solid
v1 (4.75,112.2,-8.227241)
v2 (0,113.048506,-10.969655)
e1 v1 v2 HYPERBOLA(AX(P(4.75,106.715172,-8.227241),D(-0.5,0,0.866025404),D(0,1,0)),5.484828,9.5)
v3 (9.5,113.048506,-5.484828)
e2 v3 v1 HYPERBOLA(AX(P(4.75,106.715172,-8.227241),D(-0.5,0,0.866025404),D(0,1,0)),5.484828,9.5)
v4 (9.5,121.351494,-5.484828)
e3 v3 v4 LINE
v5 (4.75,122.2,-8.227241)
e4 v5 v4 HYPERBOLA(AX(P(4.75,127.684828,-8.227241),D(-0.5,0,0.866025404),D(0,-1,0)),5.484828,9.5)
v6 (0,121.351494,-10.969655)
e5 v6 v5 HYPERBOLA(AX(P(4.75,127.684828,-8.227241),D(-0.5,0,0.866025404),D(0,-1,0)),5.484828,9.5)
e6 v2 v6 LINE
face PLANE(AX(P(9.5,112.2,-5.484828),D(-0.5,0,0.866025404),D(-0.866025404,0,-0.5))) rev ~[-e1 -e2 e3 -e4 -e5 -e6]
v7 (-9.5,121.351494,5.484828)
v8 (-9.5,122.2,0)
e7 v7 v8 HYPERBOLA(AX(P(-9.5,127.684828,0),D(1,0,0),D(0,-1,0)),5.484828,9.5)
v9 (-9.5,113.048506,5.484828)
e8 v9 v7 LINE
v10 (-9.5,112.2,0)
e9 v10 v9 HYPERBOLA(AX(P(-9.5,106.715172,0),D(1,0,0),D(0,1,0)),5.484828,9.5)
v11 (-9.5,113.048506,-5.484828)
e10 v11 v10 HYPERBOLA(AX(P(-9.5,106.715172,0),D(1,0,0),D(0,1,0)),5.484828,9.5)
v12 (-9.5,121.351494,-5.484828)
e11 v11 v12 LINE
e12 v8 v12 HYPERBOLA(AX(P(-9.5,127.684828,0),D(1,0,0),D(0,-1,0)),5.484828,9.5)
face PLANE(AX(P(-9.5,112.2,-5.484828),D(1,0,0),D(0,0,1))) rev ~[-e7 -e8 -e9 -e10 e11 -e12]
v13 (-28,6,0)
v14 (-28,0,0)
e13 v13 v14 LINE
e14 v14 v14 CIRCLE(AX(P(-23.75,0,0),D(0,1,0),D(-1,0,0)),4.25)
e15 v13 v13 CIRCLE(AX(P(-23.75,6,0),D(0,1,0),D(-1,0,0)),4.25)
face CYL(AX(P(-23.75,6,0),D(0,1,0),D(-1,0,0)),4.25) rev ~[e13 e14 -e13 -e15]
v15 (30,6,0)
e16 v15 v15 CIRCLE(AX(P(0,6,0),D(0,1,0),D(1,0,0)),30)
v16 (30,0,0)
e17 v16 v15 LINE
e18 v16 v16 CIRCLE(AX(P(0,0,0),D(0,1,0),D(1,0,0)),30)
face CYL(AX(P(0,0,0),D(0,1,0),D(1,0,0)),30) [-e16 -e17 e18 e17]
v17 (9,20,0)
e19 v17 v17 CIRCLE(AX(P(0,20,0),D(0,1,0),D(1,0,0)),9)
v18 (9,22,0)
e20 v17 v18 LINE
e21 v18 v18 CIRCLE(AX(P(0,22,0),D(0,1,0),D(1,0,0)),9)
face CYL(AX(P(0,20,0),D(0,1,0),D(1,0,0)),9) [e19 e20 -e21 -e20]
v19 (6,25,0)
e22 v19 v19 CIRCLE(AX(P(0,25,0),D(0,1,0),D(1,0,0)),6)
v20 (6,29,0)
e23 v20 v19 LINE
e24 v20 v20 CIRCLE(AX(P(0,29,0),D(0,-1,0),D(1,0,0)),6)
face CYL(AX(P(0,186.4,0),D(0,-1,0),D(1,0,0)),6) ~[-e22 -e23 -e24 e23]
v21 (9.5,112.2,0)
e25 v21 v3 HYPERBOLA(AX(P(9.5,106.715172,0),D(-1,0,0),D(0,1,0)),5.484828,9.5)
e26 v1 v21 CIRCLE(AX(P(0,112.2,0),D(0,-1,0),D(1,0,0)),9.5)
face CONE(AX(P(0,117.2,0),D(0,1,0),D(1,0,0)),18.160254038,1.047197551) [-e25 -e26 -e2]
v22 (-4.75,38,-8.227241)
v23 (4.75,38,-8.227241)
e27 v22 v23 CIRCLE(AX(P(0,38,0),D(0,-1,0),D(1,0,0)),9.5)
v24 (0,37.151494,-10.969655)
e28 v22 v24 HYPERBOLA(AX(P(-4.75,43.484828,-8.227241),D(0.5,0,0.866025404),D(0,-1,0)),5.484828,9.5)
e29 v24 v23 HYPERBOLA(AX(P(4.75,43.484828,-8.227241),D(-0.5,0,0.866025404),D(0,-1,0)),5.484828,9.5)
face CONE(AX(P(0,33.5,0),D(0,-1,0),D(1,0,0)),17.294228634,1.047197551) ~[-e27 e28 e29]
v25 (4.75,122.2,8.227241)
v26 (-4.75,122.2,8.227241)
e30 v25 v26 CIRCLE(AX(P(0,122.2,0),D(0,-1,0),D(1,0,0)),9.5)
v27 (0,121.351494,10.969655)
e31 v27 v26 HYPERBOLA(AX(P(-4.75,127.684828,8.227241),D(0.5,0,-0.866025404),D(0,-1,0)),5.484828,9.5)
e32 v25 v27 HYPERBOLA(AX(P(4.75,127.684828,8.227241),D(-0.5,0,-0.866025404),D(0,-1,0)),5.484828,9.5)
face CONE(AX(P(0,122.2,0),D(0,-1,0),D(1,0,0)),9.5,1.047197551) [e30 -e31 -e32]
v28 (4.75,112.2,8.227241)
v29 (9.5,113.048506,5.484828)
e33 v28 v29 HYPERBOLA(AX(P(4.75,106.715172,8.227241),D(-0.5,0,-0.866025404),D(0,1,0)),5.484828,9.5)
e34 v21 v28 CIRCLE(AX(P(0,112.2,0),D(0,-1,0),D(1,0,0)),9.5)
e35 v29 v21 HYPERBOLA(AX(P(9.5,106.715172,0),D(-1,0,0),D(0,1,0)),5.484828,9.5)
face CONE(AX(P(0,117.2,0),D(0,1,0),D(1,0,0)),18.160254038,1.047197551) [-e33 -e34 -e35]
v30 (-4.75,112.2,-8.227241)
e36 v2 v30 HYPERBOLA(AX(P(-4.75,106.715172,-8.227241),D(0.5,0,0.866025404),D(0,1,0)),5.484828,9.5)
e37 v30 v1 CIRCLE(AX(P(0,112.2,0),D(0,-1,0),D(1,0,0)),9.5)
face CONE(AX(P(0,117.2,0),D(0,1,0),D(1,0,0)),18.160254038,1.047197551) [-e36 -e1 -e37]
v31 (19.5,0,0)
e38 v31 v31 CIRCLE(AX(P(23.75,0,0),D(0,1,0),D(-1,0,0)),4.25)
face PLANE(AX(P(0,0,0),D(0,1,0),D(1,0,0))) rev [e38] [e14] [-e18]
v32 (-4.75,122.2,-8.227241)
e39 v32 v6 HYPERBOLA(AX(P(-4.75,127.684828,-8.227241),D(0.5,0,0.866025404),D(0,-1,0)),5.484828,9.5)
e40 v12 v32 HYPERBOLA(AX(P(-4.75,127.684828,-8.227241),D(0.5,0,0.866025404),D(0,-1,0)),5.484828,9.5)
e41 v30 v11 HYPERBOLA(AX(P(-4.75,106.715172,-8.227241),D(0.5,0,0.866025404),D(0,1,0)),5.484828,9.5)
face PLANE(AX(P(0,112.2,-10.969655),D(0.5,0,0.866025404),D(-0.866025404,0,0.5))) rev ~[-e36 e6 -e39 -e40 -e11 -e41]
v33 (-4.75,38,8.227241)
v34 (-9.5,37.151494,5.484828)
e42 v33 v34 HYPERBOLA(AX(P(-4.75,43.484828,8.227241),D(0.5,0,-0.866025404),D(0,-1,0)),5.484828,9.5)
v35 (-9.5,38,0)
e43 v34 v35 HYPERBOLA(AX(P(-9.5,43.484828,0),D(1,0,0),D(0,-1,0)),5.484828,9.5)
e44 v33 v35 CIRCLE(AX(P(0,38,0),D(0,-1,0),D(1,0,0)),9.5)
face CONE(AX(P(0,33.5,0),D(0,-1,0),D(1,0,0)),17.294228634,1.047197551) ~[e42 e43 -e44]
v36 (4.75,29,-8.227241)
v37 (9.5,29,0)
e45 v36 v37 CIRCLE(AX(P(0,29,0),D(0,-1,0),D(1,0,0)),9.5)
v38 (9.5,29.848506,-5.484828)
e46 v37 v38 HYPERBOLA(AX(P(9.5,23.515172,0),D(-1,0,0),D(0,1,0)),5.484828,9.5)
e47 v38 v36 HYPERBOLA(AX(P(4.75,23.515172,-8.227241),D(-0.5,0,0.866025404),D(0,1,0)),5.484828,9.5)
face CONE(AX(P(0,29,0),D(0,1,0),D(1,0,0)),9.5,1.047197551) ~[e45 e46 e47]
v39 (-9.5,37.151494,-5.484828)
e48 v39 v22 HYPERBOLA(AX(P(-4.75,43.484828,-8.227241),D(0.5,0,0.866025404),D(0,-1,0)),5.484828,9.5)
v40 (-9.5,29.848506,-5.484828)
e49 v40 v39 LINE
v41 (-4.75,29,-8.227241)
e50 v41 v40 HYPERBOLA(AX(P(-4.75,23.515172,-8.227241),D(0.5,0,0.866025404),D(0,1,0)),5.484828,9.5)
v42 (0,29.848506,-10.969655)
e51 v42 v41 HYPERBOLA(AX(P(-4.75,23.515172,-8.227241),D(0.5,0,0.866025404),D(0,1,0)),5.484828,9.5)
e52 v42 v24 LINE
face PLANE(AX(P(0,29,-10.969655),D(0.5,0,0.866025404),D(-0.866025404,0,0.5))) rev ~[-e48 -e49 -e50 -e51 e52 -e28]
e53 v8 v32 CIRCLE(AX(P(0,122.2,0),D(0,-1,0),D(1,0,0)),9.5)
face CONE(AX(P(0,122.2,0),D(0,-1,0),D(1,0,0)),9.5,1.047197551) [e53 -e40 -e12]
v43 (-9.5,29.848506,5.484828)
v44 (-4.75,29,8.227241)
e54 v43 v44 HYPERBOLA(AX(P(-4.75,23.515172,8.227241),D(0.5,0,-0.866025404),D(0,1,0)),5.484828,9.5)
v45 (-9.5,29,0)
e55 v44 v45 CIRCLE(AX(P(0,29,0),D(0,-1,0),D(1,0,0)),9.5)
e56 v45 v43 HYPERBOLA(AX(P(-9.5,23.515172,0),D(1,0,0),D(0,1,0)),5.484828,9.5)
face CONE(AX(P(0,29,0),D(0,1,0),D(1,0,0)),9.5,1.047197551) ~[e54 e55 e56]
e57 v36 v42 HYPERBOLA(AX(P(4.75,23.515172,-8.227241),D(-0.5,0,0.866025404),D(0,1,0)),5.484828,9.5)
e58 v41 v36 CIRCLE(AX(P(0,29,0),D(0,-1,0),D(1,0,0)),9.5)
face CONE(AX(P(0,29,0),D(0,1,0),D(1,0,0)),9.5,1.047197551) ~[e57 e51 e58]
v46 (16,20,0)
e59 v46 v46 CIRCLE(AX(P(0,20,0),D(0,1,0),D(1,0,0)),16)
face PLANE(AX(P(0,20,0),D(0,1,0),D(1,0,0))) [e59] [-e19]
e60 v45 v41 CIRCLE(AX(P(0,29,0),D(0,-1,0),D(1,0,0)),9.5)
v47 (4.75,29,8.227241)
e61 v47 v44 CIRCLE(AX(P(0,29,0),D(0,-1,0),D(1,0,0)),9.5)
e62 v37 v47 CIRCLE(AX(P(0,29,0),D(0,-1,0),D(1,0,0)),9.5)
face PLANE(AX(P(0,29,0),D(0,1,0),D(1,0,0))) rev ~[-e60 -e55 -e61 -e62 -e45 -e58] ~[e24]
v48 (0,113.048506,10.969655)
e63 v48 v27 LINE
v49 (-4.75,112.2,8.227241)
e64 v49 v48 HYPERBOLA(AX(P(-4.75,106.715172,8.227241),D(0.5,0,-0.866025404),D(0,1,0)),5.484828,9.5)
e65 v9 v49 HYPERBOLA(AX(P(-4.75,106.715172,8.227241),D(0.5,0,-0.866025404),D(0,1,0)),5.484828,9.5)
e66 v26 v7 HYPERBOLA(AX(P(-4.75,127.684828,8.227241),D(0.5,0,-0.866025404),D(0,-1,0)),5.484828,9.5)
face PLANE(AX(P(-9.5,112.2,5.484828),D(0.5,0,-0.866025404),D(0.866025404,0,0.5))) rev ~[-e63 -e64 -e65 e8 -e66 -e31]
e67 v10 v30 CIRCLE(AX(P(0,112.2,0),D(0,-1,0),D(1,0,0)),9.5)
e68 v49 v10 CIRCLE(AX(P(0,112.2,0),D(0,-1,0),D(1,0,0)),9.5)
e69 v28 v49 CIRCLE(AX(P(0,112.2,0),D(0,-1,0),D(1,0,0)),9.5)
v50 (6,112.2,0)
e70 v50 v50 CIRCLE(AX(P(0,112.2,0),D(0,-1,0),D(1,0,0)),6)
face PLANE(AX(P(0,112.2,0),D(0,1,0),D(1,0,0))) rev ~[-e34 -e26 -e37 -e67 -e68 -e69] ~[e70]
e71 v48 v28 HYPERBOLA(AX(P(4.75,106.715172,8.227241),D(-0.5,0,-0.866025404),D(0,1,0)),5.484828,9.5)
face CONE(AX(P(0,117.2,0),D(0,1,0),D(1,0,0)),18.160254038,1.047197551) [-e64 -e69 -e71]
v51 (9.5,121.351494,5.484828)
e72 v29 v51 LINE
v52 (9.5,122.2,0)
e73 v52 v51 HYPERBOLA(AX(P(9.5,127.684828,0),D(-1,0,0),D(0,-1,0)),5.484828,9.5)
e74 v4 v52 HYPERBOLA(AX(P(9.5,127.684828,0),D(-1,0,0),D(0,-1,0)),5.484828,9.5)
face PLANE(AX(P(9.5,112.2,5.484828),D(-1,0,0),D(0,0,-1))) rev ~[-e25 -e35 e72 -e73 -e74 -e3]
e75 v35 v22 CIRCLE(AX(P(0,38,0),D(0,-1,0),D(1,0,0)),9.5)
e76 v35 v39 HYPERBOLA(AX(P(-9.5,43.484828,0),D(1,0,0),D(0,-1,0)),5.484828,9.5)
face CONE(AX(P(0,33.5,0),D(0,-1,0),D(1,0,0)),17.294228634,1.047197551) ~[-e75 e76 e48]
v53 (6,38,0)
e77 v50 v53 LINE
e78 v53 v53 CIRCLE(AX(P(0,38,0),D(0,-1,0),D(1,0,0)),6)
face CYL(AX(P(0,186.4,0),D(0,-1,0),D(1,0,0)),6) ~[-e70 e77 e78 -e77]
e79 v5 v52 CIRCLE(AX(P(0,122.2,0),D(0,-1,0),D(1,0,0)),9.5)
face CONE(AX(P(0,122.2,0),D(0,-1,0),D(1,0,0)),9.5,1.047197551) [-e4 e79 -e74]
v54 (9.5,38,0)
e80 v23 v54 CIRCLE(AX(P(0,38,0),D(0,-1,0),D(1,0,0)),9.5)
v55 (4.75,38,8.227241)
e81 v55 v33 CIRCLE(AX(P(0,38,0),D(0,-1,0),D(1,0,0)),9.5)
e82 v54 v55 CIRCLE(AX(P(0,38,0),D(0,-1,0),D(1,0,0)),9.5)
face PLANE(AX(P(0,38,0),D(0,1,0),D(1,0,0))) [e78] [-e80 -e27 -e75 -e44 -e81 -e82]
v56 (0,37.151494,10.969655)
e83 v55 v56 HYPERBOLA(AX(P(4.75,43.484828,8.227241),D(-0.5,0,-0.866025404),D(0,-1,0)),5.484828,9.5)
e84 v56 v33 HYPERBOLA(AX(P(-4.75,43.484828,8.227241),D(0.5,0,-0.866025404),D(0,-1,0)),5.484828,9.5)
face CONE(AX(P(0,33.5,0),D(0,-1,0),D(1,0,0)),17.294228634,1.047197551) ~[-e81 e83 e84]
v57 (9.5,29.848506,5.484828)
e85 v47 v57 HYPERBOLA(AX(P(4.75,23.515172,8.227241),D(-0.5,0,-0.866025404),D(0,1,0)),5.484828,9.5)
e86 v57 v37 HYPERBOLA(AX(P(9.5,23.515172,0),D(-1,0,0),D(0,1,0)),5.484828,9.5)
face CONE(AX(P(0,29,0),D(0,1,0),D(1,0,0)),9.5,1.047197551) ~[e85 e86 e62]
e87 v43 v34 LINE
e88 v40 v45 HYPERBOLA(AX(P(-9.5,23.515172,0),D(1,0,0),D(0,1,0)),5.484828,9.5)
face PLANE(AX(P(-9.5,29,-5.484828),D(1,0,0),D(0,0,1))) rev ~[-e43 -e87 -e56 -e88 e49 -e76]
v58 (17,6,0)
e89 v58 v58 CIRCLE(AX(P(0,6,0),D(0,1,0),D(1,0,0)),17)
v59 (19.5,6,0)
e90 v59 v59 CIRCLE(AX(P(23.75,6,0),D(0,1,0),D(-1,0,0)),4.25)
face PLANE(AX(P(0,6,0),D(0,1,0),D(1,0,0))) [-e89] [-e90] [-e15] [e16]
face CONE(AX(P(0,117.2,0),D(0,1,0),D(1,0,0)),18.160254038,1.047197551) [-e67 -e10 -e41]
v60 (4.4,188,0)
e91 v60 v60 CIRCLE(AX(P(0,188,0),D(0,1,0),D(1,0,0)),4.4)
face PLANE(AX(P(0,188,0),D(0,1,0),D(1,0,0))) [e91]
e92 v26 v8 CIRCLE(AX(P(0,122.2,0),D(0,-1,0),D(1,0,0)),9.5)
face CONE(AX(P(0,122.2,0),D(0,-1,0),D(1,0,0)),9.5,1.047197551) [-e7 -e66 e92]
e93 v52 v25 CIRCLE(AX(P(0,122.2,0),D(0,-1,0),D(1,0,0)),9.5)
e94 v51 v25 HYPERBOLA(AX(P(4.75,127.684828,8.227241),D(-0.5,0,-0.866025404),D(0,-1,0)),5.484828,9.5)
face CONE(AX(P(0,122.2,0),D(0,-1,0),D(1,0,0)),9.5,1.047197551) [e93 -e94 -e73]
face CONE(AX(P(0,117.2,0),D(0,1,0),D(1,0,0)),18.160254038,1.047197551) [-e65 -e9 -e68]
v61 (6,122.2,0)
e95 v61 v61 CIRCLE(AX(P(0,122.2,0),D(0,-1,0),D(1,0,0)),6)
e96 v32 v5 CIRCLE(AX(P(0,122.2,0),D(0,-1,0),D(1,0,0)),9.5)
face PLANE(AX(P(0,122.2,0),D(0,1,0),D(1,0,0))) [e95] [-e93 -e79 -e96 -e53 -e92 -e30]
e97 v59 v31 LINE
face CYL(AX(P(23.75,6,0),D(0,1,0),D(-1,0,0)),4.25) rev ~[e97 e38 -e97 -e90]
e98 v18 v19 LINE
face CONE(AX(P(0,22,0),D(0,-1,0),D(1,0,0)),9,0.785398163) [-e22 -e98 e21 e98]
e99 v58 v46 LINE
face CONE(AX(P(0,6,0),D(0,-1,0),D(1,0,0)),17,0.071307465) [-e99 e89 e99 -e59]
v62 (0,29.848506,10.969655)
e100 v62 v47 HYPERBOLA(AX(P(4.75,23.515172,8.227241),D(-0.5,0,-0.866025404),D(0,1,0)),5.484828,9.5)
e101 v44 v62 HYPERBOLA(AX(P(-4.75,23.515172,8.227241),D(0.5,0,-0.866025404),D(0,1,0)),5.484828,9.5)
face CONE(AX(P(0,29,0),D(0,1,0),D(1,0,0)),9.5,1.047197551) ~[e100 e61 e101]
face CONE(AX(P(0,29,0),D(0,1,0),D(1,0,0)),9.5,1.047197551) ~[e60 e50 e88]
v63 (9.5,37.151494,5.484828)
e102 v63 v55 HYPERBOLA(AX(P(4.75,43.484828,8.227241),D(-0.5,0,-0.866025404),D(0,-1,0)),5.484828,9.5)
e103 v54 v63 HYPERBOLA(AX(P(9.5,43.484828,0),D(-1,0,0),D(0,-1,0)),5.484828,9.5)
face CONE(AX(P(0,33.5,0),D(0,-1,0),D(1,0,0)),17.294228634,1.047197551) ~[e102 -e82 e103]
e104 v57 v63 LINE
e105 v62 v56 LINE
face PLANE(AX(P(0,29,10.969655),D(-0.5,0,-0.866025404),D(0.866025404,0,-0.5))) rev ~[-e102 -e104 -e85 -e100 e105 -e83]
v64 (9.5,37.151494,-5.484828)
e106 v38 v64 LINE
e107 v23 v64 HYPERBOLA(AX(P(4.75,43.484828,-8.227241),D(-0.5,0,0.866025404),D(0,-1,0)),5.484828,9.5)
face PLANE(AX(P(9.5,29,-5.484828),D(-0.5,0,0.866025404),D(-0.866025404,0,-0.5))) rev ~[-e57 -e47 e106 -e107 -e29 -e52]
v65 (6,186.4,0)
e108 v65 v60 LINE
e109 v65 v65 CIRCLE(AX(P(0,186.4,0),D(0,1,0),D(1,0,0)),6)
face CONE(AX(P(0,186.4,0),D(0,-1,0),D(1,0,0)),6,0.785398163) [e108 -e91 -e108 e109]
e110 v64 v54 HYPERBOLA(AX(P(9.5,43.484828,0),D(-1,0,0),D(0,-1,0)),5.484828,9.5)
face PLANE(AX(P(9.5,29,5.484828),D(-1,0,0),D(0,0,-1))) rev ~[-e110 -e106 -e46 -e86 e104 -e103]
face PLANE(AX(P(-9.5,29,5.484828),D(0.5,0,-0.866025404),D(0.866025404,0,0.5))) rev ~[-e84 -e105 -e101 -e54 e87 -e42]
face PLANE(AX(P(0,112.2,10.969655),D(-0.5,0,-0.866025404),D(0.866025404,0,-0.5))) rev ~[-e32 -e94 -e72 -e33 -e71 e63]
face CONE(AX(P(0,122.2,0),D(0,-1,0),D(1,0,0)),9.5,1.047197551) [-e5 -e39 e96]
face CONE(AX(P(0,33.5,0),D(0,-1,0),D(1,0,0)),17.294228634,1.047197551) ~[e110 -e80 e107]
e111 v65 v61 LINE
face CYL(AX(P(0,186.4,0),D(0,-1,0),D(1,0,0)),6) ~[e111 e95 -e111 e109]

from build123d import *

# Parameters (mm, degrees)
EXTRUDE_1_DEPTH     = 9
EXTRUDE_2_DEPTH     = 10
SKETCH_5_R          = 4.25
CUT_EXTRUDE_1_DEPTH = 7


with BuildPart() as part:
    # Эскиз1 → Повернуть1 (revolve)
    with BuildSketch(Plane.XY, mode=Mode.PRIVATE) as revolve_1_sk:
        Polygon((0, 0), (-30, 0), (-30, 6), (-17, 6), (-16, 20), (-9, 20), (-9, 22), (-6, 25), (-6, 29), (-6, 38), (-6, 186.4), (-4.4, 188), (0, 188), align=None)
    revolve(revolve_1_sk.sketch.rotate(Axis((0, 0, 0), (0, 1, 0)), 180), axis=Axis((0, 0, 0), (0, 1, 0)))  # turned: the seam where the file's is

    # Эскиз2 → Бобышка-Вытянуть1 (add)
    with BuildSketch(Plane(origin=(0, 29, 0), x_dir=(1, 0, 0), z_dir=(0, 1, 0))):
        Polygon((0, 10.969655115), (-9.5, 5.484827557), (-9.5, -5.484827557), (0, -10.969655115), (9.5, -5.484827557), (9.5, 5.484827557), align=None)
    extrude(amount=EXTRUDE_1_DEPTH)

    # Эскиз3 → Бобышка-Вытянуть2 (add)
    with BuildSketch(Plane(origin=(0, 112.2, 0), x_dir=(1, 0, 0), z_dir=(0, 1, 0))):
        Polygon((9.5, 5.484827557), (0, 10.969655115), (-9.5, 5.484827557), (-9.5, -5.484827557), (0, -10.969655115), (9.5, -5.484827557), align=None)
    extrude(amount=EXTRUDE_2_DEPTH)

    # Эскиз4 → Вырез-Повернуть2 (revolve, cut)
    with BuildSketch(Plane.XY, mode=Mode.PRIVATE) as cut_revolve_2_sk:
        Polygon((-18.160254038, 122.2), (-9.5, 122.2), (-18.160254038, 117.2), align=None)
        Polygon((-18.160254038, 112.2), (-18.160254038, 117.2), (-9.5, 112.2), align=None)
        Polygon((-17.294228634, 38), (-17.294228634, 33.5), (-9.5, 38), align=None)
        Polygon((-17.294228634, 33.5), (-17.294228634, 29), (-9.5, 29), align=None)
    revolve(cut_revolve_2_sk.sketch.rotate(Axis((0, 188, 0), (0, -1, 0)), 180), axis=Axis((0, 188, 0), (0, -1, 0)), mode=Mode.SUBTRACT)  # turned: the seam where the file's is

    # Эскиз5 → Вырез-Вытянуть1 (cut, through all)
    with BuildSketch(Plane(origin=(0, 6, 0), x_dir=(1, 0, 0), z_dir=(0, 1, 0))):
        with Locations(Location((-23.75, 0, 0), (0, 0, 180))):  # turned: the seam where the file's is
            Circle(SKETCH_5_R)
        with Locations(Location((23.75, 0, 0), (0, 0, 180))):  # turned: the seam where the file's is
            Circle(SKETCH_5_R)
    extrude(amount=-CUT_EXTRUDE_1_DEPTH, mode=Mode.SUBTRACT)


solid = part.part
